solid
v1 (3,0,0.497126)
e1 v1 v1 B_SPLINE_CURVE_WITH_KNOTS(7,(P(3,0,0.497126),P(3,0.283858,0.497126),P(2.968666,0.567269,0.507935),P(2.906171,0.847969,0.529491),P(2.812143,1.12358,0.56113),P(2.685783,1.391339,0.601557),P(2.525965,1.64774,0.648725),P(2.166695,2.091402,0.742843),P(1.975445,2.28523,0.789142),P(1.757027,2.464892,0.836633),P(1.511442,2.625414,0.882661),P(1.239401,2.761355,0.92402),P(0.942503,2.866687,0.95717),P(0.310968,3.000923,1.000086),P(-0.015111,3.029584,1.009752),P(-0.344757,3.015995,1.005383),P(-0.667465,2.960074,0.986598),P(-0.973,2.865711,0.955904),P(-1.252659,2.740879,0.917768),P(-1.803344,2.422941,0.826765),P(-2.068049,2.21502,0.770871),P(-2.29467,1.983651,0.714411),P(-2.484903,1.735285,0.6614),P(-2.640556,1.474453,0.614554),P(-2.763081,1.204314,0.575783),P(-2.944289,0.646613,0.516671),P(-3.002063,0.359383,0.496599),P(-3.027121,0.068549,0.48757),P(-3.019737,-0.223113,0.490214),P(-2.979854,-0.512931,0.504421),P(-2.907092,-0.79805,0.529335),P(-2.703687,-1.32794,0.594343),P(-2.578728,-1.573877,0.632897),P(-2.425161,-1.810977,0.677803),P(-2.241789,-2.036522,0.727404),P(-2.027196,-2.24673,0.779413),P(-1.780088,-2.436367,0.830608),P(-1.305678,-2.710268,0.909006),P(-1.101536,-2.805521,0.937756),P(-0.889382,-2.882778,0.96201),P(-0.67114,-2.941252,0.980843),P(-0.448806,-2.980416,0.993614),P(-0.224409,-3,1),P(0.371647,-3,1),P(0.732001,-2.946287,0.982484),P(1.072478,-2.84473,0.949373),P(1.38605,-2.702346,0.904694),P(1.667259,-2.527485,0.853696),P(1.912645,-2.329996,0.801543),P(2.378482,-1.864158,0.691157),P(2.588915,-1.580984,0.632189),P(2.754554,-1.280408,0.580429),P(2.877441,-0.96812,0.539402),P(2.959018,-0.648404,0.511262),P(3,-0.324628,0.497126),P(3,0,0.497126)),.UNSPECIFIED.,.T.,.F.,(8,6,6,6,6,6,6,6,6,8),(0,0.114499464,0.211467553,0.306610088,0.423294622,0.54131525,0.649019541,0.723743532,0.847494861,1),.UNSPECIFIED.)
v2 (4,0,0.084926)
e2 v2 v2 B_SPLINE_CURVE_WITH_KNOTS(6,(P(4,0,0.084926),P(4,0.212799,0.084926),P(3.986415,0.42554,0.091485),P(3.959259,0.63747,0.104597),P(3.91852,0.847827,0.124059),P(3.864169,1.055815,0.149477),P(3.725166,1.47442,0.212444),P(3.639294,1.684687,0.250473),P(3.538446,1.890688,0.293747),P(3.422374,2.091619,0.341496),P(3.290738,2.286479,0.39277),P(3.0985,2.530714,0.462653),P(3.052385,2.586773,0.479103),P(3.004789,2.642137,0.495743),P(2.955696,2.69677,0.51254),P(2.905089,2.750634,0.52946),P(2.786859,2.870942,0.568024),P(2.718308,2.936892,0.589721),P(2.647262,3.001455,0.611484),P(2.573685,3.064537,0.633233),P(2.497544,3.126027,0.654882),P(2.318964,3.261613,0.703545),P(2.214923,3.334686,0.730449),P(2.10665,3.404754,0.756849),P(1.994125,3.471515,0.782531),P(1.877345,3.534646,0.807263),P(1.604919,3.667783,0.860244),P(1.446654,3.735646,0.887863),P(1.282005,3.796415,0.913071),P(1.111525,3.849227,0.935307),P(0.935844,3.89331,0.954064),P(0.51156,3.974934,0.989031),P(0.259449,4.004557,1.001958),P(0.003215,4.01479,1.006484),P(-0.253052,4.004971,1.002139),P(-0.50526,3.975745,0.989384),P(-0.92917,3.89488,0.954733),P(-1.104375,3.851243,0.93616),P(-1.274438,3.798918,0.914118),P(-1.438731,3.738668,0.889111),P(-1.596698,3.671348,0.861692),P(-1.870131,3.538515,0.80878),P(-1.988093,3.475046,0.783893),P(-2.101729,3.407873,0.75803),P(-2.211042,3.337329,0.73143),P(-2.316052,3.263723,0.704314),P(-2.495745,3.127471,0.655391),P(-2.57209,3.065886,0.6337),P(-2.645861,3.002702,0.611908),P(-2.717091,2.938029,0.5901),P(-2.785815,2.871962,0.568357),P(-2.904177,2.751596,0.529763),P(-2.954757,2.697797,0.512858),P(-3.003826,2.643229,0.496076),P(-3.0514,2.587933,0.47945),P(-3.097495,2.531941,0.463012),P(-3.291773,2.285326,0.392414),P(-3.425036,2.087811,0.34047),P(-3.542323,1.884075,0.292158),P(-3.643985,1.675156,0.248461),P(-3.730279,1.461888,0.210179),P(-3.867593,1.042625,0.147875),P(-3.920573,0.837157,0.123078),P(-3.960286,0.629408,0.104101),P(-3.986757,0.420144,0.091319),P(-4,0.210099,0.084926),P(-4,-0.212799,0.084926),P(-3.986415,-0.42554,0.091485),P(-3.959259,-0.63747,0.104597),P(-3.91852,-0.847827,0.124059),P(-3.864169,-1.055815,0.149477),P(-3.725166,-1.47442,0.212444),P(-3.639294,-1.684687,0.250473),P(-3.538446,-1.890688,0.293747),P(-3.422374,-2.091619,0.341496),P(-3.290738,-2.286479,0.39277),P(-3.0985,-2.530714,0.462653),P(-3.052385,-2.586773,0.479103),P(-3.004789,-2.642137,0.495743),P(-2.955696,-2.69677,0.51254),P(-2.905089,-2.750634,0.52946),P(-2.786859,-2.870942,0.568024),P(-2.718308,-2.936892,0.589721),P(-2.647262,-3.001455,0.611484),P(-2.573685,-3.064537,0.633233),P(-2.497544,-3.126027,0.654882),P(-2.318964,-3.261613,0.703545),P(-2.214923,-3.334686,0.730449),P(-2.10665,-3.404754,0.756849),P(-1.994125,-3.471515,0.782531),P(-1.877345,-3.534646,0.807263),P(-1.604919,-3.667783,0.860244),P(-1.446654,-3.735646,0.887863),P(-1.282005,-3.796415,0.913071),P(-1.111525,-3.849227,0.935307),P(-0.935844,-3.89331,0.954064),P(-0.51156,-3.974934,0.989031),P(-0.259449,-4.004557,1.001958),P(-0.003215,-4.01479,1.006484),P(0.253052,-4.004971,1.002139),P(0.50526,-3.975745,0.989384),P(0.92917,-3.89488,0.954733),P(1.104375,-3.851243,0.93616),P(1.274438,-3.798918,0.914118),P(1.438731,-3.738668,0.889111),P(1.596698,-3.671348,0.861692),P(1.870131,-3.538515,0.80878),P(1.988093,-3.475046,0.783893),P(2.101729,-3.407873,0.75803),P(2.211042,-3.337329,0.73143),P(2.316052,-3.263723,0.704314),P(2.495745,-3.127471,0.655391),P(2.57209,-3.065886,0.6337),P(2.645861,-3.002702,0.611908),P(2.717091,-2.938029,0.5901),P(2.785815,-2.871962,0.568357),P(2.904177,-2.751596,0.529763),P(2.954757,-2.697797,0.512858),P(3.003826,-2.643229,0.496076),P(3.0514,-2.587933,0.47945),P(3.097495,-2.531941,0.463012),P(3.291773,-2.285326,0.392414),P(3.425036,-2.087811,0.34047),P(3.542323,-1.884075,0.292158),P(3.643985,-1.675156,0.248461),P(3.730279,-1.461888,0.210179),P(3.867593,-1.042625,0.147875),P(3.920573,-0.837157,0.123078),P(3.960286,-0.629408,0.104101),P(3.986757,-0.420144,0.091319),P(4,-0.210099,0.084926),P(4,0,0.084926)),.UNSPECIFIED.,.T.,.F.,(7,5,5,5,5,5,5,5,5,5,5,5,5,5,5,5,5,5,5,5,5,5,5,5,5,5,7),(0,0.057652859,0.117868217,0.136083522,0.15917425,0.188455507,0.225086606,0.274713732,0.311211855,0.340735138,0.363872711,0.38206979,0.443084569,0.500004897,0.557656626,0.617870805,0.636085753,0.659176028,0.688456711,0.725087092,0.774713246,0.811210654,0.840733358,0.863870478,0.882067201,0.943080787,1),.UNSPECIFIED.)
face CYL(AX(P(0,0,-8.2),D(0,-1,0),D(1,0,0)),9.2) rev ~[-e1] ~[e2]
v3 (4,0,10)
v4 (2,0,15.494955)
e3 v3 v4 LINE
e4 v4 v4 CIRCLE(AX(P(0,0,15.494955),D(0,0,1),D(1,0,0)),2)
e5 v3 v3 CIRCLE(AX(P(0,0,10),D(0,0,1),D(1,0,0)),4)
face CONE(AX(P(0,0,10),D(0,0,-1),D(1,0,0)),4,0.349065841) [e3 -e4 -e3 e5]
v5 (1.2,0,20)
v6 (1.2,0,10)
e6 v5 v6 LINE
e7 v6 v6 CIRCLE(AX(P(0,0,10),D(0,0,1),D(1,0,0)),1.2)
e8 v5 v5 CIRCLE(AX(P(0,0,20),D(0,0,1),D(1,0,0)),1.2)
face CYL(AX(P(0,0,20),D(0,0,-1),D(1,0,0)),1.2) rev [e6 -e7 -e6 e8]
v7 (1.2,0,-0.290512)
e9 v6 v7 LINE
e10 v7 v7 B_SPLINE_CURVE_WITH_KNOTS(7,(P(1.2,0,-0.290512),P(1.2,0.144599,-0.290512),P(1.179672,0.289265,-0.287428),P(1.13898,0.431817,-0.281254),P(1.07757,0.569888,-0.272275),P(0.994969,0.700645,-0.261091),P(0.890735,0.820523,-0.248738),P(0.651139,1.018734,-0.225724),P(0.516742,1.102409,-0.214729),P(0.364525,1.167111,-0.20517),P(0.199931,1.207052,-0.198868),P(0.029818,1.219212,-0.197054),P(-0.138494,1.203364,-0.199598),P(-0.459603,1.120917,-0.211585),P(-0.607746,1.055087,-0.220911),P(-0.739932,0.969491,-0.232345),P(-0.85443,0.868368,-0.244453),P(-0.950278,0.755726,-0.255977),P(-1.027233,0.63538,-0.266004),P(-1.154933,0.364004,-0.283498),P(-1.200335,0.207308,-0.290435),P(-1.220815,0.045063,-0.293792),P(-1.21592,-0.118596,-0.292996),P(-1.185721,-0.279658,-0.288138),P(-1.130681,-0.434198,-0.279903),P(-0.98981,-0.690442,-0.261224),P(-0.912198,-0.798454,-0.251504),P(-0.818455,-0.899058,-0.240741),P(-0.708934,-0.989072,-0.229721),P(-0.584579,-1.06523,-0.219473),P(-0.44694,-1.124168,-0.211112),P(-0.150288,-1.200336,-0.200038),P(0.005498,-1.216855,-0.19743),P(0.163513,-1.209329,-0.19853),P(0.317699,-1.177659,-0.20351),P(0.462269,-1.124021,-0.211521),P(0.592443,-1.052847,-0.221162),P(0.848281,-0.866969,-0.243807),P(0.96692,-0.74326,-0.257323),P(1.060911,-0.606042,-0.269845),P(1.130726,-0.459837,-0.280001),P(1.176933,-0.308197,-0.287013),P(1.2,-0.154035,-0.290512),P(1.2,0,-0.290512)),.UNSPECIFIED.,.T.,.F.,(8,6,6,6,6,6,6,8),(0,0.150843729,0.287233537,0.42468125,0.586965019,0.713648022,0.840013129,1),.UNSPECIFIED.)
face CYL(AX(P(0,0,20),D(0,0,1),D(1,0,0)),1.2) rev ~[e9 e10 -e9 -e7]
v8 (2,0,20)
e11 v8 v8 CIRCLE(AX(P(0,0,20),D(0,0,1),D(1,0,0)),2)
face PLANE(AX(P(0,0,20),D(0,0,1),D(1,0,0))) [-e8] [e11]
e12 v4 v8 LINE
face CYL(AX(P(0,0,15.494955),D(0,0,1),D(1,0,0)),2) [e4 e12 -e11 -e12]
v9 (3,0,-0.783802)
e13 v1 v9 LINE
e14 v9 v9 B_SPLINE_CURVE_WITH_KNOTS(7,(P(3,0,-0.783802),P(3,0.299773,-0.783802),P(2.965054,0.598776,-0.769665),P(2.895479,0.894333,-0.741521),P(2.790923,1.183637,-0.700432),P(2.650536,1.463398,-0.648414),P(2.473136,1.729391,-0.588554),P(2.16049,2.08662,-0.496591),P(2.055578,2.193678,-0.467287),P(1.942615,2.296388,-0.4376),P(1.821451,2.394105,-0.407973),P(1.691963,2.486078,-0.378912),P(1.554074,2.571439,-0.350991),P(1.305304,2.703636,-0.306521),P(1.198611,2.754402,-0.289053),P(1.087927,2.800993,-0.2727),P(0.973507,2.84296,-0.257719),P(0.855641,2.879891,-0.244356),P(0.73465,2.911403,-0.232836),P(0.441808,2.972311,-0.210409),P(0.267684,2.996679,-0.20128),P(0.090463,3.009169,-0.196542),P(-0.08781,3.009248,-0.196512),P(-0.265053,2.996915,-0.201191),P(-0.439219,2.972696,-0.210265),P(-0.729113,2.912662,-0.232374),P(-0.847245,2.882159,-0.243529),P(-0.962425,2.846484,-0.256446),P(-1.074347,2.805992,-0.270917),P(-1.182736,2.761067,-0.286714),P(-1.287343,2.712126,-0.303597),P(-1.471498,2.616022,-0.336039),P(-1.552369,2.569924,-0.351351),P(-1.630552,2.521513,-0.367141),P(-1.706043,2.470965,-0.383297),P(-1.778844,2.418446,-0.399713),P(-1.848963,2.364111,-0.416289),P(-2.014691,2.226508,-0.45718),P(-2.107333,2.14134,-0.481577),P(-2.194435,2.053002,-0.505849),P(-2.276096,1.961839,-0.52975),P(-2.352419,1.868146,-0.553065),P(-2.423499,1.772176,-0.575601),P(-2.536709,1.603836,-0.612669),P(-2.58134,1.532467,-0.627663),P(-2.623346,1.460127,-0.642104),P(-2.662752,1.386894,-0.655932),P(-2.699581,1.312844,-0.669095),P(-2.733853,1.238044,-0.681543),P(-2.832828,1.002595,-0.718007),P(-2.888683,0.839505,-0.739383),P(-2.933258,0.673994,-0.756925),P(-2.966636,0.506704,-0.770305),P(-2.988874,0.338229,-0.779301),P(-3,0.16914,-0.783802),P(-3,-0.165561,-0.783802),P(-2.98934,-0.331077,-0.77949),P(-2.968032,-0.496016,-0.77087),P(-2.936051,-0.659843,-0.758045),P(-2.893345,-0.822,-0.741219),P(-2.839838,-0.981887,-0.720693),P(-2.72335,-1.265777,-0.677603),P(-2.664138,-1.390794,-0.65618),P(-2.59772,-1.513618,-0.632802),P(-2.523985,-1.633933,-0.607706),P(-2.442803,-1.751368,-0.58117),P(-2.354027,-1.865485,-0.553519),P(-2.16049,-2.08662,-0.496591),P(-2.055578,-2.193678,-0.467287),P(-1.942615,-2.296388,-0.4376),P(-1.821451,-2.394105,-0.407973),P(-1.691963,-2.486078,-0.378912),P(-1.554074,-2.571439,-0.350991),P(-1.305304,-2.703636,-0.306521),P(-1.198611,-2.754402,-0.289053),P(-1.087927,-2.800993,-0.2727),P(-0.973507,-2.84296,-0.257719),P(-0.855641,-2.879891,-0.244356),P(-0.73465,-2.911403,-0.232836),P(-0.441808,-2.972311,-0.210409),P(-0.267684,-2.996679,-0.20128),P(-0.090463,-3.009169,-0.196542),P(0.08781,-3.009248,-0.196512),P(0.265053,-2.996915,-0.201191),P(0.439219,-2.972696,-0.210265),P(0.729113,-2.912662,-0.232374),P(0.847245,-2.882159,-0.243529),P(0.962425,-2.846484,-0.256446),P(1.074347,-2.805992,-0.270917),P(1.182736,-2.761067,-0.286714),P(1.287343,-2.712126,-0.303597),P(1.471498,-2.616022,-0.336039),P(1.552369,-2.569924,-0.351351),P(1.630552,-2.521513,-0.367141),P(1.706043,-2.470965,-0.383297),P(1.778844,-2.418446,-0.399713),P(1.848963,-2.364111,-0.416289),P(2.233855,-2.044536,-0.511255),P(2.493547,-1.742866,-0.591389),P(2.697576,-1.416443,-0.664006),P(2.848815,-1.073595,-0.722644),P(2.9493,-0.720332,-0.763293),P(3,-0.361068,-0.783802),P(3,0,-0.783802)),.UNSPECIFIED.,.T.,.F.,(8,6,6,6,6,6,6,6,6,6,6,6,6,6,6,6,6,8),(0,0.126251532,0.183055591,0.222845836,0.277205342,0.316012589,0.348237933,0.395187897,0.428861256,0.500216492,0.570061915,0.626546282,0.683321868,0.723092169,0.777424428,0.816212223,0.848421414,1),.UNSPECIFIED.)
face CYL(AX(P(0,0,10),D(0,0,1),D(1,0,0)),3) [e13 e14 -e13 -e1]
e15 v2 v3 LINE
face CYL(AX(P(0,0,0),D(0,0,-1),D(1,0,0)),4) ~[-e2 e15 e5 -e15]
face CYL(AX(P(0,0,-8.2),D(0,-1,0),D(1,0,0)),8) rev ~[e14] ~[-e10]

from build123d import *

# Parameters (mm, degrees)
SKETCH005_R      = 1.2
EXTRUDE005_DEPTH = 30
SKETCH003_R      = 8
EXTRUDE004_DEPTH = 10
SKETCH002_R      = 3
EXTRUDE003_DEPTH = 12
SKETCH001_R      = 9.2
EXTRUDE001_DEPTH = 10
SKETCH_R         = 4
EXTRUDE_DEPTH    = 10


with BuildPart() as extrude005:
    # Sketch005 → Extrude005 (new body)
    with BuildSketch(Plane.XY.offset(20)):
        Circle(SKETCH005_R)
    extrude(amount=-EXTRUDE005_DEPTH)


with BuildPart() as extrude004:
    # Sketch003 → Extrude004 (new body, symmetric)
    with BuildSketch(Plane.XZ):
        with Locations((0, -8.2)):
            Circle(SKETCH003_R)
    extrude(amount=EXTRUDE004_DEPTH, both=True)


with BuildPart() as cut001:
    # Sketch002 (on Face3 of Cut) → Extrude003 (new body)
    with BuildSketch(Plane.XY.offset(10)):
        Circle(SKETCH002_R)
    extrude(amount=-EXTRUDE003_DEPTH)

    # Cut001: cut Extrude004
    add(extrude004.part, mode=Mode.SUBTRACT)


with BuildPart() as extrude001:
    # Sketch001 → Extrude001 (new body, symmetric)
    with BuildSketch(Plane.XZ):
        with Locations((0, -8.2)):
            Circle(SKETCH001_R)
    extrude(amount=EXTRUDE001_DEPTH, both=True)


with BuildPart() as cut004:
    # Sketch → Extrude (new body)
    with BuildSketch(Plane.XY):
        Circle(SKETCH_R)
    extrude(amount=EXTRUDE_DEPTH)

    # Cut: cut Extrude001
    add(extrude001.part, mode=Mode.SUBTRACT)

    # Fusion: union Cut001
    add(cut001.part)

    # Cut003: cut Extrude005
    add(extrude005.part, mode=Mode.SUBTRACT)

    # Cut004: cut Extrude005
    add(extrude005.part, mode=Mode.SUBTRACT)


with BuildPart() as fusion001:
    # Sketch004 → Revolve (revolve)
    with BuildSketch(Plane.XZ):
        Polygon((1.2, 10), (4, 10), (2, 15.494955), (2, 20), (1.2, 20), align=None)
    revolve(axis=Axis((0, 0, 0), (0, 0, 1)))

    # Fusion001: union Cut004
    add(cut004.part)


solid = fusion001.part
